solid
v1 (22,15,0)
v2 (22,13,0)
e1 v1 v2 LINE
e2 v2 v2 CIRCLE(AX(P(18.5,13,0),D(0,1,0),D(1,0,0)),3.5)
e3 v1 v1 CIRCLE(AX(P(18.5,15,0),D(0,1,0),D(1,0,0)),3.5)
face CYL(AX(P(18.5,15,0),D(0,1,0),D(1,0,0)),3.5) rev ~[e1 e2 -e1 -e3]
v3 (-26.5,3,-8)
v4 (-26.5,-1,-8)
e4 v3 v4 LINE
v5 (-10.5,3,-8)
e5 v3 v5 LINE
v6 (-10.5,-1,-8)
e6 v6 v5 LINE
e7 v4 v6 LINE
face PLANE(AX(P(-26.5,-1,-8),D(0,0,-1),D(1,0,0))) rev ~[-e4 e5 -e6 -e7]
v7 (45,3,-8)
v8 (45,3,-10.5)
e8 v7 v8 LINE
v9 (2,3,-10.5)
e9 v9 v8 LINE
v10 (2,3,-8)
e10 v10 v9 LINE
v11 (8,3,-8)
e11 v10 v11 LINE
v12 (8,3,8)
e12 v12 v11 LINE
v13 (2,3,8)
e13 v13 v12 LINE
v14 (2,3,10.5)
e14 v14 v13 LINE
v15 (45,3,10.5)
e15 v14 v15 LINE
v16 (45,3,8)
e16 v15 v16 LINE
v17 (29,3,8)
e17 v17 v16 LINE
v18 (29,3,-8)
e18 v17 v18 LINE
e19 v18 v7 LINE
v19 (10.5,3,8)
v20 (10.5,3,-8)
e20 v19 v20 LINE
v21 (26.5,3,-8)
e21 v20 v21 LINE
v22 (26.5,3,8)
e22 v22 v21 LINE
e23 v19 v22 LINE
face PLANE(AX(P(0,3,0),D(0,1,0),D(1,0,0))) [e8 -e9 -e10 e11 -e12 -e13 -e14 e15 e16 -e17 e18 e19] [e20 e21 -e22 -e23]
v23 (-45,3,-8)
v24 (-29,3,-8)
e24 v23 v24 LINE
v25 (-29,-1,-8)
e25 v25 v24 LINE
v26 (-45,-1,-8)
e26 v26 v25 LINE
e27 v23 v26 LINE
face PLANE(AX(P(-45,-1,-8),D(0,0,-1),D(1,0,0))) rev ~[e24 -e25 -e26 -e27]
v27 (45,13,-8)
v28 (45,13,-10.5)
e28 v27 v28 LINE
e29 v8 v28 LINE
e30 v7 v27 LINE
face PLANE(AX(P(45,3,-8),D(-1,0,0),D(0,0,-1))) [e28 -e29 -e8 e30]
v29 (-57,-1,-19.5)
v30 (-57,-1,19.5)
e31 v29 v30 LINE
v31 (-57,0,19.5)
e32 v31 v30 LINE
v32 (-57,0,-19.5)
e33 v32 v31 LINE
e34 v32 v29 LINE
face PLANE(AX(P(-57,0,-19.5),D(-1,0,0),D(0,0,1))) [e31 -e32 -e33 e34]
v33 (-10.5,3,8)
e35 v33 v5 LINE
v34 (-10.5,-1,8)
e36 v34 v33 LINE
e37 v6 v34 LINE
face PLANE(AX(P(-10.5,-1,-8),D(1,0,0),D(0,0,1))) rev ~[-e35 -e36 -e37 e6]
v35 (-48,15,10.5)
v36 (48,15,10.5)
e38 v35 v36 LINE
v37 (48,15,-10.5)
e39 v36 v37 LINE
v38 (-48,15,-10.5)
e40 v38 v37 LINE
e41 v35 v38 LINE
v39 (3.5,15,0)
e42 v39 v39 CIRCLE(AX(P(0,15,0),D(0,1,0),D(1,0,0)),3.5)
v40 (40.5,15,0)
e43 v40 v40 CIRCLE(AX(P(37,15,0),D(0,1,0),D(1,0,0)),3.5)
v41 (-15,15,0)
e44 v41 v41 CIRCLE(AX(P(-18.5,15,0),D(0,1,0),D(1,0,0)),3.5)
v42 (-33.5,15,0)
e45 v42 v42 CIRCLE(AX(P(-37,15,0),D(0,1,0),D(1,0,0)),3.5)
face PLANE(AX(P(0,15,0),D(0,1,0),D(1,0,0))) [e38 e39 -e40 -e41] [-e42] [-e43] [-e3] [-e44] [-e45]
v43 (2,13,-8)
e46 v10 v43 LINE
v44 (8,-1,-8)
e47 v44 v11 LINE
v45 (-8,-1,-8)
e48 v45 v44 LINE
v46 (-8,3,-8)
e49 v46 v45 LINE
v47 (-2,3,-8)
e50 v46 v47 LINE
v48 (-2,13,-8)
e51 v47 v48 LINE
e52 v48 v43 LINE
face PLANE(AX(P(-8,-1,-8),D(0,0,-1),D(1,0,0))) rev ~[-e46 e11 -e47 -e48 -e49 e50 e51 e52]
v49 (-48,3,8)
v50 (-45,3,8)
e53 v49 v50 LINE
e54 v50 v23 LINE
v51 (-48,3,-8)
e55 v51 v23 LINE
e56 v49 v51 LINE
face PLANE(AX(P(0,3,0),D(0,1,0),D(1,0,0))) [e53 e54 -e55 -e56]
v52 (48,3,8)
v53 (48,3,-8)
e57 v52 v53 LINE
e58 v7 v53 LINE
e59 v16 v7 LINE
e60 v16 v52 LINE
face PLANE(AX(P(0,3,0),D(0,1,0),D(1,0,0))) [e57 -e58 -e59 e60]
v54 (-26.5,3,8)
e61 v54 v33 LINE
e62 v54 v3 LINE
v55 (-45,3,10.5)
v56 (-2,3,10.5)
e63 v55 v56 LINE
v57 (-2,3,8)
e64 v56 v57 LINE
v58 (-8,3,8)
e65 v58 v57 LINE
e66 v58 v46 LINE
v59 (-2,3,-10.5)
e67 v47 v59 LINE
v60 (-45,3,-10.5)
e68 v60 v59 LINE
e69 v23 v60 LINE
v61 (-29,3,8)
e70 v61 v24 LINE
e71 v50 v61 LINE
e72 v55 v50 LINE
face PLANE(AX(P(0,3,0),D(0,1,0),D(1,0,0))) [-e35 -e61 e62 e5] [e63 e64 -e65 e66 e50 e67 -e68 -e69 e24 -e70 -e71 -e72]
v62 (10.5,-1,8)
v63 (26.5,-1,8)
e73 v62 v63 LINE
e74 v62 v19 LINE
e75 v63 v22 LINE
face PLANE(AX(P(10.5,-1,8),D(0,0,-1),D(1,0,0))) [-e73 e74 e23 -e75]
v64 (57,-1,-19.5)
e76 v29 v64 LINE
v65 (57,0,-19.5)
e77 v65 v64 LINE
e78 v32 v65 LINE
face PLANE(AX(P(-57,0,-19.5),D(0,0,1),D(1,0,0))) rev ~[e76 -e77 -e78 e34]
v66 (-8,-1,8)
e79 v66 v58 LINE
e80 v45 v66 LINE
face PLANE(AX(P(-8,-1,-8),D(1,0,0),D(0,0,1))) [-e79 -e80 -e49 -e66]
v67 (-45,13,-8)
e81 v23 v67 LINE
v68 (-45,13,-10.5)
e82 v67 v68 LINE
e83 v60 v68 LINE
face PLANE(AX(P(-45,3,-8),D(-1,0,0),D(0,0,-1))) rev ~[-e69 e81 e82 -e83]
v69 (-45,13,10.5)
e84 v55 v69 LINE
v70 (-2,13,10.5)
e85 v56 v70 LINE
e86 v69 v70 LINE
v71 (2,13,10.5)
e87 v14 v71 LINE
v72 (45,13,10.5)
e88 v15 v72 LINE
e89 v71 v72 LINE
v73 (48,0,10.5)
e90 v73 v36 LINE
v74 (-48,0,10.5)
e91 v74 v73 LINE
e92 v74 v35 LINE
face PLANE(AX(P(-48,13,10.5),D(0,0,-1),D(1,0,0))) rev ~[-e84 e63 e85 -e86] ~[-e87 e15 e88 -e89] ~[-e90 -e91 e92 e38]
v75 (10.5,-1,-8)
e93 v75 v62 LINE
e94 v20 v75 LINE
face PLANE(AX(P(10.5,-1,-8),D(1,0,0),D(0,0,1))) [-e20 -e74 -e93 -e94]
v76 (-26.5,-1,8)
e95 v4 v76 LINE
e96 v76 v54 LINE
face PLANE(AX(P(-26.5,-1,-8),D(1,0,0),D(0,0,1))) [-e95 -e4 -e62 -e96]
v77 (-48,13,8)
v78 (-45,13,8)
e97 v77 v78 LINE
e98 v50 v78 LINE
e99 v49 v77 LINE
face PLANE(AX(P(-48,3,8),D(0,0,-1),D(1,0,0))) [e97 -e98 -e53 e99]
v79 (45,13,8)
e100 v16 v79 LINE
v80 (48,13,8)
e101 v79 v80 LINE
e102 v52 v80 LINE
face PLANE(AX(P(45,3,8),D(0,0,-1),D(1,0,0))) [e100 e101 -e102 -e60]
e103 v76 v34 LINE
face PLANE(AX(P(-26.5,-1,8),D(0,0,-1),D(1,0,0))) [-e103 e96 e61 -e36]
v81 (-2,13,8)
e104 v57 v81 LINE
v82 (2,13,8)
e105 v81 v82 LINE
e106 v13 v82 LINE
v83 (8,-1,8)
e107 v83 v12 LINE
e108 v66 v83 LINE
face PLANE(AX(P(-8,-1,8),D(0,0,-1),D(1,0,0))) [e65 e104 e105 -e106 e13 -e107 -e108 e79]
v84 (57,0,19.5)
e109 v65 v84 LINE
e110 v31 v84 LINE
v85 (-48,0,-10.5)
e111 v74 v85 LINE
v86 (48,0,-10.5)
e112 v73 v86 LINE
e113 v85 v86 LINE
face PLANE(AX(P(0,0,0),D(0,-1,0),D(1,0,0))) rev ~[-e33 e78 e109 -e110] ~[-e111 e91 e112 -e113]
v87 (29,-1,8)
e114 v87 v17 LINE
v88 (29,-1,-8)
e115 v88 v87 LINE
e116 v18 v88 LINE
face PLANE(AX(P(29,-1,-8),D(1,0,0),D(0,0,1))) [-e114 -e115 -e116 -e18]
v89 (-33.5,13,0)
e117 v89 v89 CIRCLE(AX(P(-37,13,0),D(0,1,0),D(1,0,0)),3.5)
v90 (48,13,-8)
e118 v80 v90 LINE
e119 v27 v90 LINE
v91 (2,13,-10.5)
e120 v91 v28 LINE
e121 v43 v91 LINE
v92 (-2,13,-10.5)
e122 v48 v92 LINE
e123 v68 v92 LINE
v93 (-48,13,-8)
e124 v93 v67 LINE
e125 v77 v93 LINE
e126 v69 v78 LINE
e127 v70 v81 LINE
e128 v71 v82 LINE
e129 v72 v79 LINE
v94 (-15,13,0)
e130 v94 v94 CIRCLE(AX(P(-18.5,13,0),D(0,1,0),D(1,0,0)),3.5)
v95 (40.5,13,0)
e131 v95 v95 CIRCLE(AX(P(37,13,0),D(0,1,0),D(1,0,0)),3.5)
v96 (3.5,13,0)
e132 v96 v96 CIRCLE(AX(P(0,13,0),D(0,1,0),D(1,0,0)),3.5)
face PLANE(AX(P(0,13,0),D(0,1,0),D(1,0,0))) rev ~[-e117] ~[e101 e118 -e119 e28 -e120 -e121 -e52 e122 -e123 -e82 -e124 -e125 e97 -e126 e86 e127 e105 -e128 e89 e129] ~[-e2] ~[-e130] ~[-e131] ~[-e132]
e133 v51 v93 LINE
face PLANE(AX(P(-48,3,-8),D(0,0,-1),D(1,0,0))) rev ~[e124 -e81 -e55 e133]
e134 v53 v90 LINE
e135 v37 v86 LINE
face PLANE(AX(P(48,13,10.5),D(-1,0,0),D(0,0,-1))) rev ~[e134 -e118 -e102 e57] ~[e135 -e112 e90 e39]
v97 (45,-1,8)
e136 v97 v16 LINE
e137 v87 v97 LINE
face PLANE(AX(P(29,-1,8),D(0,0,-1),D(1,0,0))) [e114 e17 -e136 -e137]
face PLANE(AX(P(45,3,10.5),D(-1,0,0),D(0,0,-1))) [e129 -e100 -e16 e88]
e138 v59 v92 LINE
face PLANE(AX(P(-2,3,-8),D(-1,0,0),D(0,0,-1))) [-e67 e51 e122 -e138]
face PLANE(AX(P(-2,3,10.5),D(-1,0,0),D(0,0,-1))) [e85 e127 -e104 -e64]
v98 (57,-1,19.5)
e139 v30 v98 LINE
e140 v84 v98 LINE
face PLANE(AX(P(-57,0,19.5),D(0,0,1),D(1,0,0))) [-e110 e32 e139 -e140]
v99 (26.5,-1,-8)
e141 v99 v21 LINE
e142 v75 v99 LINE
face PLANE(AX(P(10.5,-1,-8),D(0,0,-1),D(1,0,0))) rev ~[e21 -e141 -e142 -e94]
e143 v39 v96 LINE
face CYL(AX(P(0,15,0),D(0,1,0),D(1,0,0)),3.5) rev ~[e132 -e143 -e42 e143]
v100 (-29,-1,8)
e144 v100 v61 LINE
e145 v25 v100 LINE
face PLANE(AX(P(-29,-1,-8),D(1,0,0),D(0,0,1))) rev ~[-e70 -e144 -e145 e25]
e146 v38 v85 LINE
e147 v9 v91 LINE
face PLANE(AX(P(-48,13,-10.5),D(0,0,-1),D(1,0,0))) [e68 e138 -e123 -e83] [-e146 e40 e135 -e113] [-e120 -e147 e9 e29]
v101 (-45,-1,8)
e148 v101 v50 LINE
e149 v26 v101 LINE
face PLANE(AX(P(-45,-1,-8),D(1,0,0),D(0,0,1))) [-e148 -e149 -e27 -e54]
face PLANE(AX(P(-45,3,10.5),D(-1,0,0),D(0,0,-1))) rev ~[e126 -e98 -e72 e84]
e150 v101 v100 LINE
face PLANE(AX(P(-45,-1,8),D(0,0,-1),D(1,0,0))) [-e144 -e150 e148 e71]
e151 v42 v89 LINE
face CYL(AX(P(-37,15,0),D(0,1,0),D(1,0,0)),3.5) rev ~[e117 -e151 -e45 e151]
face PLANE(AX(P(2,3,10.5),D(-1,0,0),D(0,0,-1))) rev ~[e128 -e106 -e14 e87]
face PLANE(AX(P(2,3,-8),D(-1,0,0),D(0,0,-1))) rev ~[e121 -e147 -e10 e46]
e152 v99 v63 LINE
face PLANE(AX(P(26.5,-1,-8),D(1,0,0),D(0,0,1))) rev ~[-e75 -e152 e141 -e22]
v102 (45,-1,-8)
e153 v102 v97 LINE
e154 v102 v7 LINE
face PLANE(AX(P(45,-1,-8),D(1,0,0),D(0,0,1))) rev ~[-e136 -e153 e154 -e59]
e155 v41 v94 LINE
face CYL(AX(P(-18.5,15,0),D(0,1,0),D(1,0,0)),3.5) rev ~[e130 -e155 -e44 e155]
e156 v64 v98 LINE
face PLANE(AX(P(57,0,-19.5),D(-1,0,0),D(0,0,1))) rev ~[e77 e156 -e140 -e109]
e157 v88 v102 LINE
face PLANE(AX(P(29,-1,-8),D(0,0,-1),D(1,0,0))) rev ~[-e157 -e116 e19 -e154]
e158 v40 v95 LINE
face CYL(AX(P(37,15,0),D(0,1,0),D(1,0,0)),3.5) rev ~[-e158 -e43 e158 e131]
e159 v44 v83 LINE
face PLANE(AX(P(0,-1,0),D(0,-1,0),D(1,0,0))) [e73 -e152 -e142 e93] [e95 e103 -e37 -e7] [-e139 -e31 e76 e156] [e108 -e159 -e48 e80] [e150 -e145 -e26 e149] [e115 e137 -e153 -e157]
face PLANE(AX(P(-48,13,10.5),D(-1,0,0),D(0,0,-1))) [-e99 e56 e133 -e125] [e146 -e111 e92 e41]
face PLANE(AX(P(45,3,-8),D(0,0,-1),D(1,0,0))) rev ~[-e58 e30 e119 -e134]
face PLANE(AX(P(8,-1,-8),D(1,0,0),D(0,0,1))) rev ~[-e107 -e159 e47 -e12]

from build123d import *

# Parameters (mm, degrees)
SKETCH1_W               = 96
SKETCH1_H               = 21
BOSS_EXTRUDE1_DEPTH     = 3
CUT_EXTRUDE3_DEPTH      = 7
CUT_EXTRUDE3_DEPTH_BACK = 7
SKETCH2_W               = 16
SKETCH2_H               = 16
SKETCH5_W               = 3
SKETCH5_H               = 2.5
SKETCH5_W_2             = 4
BOSS_EXTRUDE5_DEPTH     = 10
SKETCH6_W               = 96
SKETCH6_H               = 21
BOSS_EXTRUDE6_DEPTH     = 2
SKETCH7_R               = 3.5
CUT_EXTRUDE5_DEPTH      = 2
SKETCH9_W               = 114
SKETCH9_H               = 39
BOSS_EXTRUDE7_DEPTH     = 1
SKETCH10_W              = 16
SKETCH10_H              = 16
CUT_EXTRUDE6_DEPTH      = 1


with BuildPart() as part:
    # Sketch1 → Boss-Extrude1 (new body)
    with BuildSketch(Plane(origin=(0, 0, 0), x_dir=(1, 0, 0), z_dir=(0, 1, 0))):
        Rectangle(SKETCH1_W, SKETCH1_H)
    extrude(amount=BOSS_EXTRUDE1_DEPTH)

    # Sketch2 → Cut-Extrude3 (cut, two sides: drawn at the far end of the back side and taken through both)
    with BuildSketch(Plane(origin=(0, 3, 0), x_dir=(1, 0, 0), z_dir=(0, 1, 0)).offset(-CUT_EXTRUDE3_DEPTH_BACK)):
        Rectangle(SKETCH2_W, SKETCH2_H)
        with Locations((-37, 0)):
            Rectangle(SKETCH2_W, SKETCH2_H)
        with Locations((-18.5, 0)):
            Rectangle(SKETCH2_W, SKETCH2_H)
        with Locations((18.5, 0)):
            Rectangle(SKETCH2_W, SKETCH2_H)
        with Locations((37, 0)):
            Rectangle(SKETCH2_W, SKETCH2_H)
    extrude(amount=CUT_EXTRUDE3_DEPTH + CUT_EXTRUDE3_DEPTH_BACK, mode=Mode.SUBTRACT)

    # Sketch5 → Boss-Extrude5 (add)
    with BuildSketch(Plane(origin=(0, 3, 0), x_dir=(1, 0, 0), z_dir=(0, 1, 0))):
        with Locations((-46.5, 9.25)):
            Rectangle(SKETCH5_W, SKETCH5_H)
        with Locations((0, 9.25)):
            Rectangle(SKETCH5_W_2, SKETCH5_H)
        with Locations((-46.5, -9.25)):
            Rectangle(SKETCH5_W, SKETCH5_H)
        with Locations((46.5, 9.25)):
            Rectangle(SKETCH5_W, SKETCH5_H)
        with Locations((0, -9.25)):
            Rectangle(SKETCH5_W_2, SKETCH5_H)
        with Locations((46.5, -9.25)):
            Rectangle(SKETCH5_W, SKETCH5_H)
    extrude(amount=BOSS_EXTRUDE5_DEPTH)

    # Sketch6 → Boss-Extrude6 (add)
    with BuildSketch(Plane(origin=(0, 13, 0), x_dir=(1, 0, 0), z_dir=(0, 1, 0))):
        Rectangle(SKETCH6_W, SKETCH6_H)
    extrude(amount=BOSS_EXTRUDE6_DEPTH)

    # Sketch7 → Cut-Extrude5 (cut)
    with BuildSketch(Plane(origin=(0, 15, 0), x_dir=(1, 0, 0), z_dir=(0, 1, 0))):
        with Locations((-37, 0)):
            Circle(SKETCH7_R)
        with Locations((-18.5, 0)):
            Circle(SKETCH7_R)
        Circle(SKETCH7_R)
        with Locations((18.5, 0)):
            Circle(SKETCH7_R)
        with Locations((37, 0)):
            Circle(SKETCH7_R)
    extrude(amount=-CUT_EXTRUDE5_DEPTH, mode=Mode.SUBTRACT)

    # Sketch9 → Boss-Extrude7 (add)
    with BuildSketch(Plane.XZ):
        Rectangle(SKETCH9_W, SKETCH9_H)
    extrude(amount=BOSS_EXTRUDE7_DEPTH)

    # Sketch10 → Cut-Extrude6 (cut)
    with BuildSketch(Plane.XZ.offset(1)):
        with Locations((-37, 0)):
            Rectangle(SKETCH10_W, SKETCH10_H)
        with Locations((-18.5, 0)):
            Rectangle(SKETCH10_W, SKETCH10_H)
        Rectangle(SKETCH10_W, SKETCH10_H)
        with Locations((18.5, 0)):
            Rectangle(SKETCH10_W, SKETCH10_H)
        with Locations((37, 0)):
            Rectangle(SKETCH10_W, SKETCH10_H)
    extrude(amount=-CUT_EXTRUDE6_DEPTH, mode=Mode.SUBTRACT)


solid = part.part
